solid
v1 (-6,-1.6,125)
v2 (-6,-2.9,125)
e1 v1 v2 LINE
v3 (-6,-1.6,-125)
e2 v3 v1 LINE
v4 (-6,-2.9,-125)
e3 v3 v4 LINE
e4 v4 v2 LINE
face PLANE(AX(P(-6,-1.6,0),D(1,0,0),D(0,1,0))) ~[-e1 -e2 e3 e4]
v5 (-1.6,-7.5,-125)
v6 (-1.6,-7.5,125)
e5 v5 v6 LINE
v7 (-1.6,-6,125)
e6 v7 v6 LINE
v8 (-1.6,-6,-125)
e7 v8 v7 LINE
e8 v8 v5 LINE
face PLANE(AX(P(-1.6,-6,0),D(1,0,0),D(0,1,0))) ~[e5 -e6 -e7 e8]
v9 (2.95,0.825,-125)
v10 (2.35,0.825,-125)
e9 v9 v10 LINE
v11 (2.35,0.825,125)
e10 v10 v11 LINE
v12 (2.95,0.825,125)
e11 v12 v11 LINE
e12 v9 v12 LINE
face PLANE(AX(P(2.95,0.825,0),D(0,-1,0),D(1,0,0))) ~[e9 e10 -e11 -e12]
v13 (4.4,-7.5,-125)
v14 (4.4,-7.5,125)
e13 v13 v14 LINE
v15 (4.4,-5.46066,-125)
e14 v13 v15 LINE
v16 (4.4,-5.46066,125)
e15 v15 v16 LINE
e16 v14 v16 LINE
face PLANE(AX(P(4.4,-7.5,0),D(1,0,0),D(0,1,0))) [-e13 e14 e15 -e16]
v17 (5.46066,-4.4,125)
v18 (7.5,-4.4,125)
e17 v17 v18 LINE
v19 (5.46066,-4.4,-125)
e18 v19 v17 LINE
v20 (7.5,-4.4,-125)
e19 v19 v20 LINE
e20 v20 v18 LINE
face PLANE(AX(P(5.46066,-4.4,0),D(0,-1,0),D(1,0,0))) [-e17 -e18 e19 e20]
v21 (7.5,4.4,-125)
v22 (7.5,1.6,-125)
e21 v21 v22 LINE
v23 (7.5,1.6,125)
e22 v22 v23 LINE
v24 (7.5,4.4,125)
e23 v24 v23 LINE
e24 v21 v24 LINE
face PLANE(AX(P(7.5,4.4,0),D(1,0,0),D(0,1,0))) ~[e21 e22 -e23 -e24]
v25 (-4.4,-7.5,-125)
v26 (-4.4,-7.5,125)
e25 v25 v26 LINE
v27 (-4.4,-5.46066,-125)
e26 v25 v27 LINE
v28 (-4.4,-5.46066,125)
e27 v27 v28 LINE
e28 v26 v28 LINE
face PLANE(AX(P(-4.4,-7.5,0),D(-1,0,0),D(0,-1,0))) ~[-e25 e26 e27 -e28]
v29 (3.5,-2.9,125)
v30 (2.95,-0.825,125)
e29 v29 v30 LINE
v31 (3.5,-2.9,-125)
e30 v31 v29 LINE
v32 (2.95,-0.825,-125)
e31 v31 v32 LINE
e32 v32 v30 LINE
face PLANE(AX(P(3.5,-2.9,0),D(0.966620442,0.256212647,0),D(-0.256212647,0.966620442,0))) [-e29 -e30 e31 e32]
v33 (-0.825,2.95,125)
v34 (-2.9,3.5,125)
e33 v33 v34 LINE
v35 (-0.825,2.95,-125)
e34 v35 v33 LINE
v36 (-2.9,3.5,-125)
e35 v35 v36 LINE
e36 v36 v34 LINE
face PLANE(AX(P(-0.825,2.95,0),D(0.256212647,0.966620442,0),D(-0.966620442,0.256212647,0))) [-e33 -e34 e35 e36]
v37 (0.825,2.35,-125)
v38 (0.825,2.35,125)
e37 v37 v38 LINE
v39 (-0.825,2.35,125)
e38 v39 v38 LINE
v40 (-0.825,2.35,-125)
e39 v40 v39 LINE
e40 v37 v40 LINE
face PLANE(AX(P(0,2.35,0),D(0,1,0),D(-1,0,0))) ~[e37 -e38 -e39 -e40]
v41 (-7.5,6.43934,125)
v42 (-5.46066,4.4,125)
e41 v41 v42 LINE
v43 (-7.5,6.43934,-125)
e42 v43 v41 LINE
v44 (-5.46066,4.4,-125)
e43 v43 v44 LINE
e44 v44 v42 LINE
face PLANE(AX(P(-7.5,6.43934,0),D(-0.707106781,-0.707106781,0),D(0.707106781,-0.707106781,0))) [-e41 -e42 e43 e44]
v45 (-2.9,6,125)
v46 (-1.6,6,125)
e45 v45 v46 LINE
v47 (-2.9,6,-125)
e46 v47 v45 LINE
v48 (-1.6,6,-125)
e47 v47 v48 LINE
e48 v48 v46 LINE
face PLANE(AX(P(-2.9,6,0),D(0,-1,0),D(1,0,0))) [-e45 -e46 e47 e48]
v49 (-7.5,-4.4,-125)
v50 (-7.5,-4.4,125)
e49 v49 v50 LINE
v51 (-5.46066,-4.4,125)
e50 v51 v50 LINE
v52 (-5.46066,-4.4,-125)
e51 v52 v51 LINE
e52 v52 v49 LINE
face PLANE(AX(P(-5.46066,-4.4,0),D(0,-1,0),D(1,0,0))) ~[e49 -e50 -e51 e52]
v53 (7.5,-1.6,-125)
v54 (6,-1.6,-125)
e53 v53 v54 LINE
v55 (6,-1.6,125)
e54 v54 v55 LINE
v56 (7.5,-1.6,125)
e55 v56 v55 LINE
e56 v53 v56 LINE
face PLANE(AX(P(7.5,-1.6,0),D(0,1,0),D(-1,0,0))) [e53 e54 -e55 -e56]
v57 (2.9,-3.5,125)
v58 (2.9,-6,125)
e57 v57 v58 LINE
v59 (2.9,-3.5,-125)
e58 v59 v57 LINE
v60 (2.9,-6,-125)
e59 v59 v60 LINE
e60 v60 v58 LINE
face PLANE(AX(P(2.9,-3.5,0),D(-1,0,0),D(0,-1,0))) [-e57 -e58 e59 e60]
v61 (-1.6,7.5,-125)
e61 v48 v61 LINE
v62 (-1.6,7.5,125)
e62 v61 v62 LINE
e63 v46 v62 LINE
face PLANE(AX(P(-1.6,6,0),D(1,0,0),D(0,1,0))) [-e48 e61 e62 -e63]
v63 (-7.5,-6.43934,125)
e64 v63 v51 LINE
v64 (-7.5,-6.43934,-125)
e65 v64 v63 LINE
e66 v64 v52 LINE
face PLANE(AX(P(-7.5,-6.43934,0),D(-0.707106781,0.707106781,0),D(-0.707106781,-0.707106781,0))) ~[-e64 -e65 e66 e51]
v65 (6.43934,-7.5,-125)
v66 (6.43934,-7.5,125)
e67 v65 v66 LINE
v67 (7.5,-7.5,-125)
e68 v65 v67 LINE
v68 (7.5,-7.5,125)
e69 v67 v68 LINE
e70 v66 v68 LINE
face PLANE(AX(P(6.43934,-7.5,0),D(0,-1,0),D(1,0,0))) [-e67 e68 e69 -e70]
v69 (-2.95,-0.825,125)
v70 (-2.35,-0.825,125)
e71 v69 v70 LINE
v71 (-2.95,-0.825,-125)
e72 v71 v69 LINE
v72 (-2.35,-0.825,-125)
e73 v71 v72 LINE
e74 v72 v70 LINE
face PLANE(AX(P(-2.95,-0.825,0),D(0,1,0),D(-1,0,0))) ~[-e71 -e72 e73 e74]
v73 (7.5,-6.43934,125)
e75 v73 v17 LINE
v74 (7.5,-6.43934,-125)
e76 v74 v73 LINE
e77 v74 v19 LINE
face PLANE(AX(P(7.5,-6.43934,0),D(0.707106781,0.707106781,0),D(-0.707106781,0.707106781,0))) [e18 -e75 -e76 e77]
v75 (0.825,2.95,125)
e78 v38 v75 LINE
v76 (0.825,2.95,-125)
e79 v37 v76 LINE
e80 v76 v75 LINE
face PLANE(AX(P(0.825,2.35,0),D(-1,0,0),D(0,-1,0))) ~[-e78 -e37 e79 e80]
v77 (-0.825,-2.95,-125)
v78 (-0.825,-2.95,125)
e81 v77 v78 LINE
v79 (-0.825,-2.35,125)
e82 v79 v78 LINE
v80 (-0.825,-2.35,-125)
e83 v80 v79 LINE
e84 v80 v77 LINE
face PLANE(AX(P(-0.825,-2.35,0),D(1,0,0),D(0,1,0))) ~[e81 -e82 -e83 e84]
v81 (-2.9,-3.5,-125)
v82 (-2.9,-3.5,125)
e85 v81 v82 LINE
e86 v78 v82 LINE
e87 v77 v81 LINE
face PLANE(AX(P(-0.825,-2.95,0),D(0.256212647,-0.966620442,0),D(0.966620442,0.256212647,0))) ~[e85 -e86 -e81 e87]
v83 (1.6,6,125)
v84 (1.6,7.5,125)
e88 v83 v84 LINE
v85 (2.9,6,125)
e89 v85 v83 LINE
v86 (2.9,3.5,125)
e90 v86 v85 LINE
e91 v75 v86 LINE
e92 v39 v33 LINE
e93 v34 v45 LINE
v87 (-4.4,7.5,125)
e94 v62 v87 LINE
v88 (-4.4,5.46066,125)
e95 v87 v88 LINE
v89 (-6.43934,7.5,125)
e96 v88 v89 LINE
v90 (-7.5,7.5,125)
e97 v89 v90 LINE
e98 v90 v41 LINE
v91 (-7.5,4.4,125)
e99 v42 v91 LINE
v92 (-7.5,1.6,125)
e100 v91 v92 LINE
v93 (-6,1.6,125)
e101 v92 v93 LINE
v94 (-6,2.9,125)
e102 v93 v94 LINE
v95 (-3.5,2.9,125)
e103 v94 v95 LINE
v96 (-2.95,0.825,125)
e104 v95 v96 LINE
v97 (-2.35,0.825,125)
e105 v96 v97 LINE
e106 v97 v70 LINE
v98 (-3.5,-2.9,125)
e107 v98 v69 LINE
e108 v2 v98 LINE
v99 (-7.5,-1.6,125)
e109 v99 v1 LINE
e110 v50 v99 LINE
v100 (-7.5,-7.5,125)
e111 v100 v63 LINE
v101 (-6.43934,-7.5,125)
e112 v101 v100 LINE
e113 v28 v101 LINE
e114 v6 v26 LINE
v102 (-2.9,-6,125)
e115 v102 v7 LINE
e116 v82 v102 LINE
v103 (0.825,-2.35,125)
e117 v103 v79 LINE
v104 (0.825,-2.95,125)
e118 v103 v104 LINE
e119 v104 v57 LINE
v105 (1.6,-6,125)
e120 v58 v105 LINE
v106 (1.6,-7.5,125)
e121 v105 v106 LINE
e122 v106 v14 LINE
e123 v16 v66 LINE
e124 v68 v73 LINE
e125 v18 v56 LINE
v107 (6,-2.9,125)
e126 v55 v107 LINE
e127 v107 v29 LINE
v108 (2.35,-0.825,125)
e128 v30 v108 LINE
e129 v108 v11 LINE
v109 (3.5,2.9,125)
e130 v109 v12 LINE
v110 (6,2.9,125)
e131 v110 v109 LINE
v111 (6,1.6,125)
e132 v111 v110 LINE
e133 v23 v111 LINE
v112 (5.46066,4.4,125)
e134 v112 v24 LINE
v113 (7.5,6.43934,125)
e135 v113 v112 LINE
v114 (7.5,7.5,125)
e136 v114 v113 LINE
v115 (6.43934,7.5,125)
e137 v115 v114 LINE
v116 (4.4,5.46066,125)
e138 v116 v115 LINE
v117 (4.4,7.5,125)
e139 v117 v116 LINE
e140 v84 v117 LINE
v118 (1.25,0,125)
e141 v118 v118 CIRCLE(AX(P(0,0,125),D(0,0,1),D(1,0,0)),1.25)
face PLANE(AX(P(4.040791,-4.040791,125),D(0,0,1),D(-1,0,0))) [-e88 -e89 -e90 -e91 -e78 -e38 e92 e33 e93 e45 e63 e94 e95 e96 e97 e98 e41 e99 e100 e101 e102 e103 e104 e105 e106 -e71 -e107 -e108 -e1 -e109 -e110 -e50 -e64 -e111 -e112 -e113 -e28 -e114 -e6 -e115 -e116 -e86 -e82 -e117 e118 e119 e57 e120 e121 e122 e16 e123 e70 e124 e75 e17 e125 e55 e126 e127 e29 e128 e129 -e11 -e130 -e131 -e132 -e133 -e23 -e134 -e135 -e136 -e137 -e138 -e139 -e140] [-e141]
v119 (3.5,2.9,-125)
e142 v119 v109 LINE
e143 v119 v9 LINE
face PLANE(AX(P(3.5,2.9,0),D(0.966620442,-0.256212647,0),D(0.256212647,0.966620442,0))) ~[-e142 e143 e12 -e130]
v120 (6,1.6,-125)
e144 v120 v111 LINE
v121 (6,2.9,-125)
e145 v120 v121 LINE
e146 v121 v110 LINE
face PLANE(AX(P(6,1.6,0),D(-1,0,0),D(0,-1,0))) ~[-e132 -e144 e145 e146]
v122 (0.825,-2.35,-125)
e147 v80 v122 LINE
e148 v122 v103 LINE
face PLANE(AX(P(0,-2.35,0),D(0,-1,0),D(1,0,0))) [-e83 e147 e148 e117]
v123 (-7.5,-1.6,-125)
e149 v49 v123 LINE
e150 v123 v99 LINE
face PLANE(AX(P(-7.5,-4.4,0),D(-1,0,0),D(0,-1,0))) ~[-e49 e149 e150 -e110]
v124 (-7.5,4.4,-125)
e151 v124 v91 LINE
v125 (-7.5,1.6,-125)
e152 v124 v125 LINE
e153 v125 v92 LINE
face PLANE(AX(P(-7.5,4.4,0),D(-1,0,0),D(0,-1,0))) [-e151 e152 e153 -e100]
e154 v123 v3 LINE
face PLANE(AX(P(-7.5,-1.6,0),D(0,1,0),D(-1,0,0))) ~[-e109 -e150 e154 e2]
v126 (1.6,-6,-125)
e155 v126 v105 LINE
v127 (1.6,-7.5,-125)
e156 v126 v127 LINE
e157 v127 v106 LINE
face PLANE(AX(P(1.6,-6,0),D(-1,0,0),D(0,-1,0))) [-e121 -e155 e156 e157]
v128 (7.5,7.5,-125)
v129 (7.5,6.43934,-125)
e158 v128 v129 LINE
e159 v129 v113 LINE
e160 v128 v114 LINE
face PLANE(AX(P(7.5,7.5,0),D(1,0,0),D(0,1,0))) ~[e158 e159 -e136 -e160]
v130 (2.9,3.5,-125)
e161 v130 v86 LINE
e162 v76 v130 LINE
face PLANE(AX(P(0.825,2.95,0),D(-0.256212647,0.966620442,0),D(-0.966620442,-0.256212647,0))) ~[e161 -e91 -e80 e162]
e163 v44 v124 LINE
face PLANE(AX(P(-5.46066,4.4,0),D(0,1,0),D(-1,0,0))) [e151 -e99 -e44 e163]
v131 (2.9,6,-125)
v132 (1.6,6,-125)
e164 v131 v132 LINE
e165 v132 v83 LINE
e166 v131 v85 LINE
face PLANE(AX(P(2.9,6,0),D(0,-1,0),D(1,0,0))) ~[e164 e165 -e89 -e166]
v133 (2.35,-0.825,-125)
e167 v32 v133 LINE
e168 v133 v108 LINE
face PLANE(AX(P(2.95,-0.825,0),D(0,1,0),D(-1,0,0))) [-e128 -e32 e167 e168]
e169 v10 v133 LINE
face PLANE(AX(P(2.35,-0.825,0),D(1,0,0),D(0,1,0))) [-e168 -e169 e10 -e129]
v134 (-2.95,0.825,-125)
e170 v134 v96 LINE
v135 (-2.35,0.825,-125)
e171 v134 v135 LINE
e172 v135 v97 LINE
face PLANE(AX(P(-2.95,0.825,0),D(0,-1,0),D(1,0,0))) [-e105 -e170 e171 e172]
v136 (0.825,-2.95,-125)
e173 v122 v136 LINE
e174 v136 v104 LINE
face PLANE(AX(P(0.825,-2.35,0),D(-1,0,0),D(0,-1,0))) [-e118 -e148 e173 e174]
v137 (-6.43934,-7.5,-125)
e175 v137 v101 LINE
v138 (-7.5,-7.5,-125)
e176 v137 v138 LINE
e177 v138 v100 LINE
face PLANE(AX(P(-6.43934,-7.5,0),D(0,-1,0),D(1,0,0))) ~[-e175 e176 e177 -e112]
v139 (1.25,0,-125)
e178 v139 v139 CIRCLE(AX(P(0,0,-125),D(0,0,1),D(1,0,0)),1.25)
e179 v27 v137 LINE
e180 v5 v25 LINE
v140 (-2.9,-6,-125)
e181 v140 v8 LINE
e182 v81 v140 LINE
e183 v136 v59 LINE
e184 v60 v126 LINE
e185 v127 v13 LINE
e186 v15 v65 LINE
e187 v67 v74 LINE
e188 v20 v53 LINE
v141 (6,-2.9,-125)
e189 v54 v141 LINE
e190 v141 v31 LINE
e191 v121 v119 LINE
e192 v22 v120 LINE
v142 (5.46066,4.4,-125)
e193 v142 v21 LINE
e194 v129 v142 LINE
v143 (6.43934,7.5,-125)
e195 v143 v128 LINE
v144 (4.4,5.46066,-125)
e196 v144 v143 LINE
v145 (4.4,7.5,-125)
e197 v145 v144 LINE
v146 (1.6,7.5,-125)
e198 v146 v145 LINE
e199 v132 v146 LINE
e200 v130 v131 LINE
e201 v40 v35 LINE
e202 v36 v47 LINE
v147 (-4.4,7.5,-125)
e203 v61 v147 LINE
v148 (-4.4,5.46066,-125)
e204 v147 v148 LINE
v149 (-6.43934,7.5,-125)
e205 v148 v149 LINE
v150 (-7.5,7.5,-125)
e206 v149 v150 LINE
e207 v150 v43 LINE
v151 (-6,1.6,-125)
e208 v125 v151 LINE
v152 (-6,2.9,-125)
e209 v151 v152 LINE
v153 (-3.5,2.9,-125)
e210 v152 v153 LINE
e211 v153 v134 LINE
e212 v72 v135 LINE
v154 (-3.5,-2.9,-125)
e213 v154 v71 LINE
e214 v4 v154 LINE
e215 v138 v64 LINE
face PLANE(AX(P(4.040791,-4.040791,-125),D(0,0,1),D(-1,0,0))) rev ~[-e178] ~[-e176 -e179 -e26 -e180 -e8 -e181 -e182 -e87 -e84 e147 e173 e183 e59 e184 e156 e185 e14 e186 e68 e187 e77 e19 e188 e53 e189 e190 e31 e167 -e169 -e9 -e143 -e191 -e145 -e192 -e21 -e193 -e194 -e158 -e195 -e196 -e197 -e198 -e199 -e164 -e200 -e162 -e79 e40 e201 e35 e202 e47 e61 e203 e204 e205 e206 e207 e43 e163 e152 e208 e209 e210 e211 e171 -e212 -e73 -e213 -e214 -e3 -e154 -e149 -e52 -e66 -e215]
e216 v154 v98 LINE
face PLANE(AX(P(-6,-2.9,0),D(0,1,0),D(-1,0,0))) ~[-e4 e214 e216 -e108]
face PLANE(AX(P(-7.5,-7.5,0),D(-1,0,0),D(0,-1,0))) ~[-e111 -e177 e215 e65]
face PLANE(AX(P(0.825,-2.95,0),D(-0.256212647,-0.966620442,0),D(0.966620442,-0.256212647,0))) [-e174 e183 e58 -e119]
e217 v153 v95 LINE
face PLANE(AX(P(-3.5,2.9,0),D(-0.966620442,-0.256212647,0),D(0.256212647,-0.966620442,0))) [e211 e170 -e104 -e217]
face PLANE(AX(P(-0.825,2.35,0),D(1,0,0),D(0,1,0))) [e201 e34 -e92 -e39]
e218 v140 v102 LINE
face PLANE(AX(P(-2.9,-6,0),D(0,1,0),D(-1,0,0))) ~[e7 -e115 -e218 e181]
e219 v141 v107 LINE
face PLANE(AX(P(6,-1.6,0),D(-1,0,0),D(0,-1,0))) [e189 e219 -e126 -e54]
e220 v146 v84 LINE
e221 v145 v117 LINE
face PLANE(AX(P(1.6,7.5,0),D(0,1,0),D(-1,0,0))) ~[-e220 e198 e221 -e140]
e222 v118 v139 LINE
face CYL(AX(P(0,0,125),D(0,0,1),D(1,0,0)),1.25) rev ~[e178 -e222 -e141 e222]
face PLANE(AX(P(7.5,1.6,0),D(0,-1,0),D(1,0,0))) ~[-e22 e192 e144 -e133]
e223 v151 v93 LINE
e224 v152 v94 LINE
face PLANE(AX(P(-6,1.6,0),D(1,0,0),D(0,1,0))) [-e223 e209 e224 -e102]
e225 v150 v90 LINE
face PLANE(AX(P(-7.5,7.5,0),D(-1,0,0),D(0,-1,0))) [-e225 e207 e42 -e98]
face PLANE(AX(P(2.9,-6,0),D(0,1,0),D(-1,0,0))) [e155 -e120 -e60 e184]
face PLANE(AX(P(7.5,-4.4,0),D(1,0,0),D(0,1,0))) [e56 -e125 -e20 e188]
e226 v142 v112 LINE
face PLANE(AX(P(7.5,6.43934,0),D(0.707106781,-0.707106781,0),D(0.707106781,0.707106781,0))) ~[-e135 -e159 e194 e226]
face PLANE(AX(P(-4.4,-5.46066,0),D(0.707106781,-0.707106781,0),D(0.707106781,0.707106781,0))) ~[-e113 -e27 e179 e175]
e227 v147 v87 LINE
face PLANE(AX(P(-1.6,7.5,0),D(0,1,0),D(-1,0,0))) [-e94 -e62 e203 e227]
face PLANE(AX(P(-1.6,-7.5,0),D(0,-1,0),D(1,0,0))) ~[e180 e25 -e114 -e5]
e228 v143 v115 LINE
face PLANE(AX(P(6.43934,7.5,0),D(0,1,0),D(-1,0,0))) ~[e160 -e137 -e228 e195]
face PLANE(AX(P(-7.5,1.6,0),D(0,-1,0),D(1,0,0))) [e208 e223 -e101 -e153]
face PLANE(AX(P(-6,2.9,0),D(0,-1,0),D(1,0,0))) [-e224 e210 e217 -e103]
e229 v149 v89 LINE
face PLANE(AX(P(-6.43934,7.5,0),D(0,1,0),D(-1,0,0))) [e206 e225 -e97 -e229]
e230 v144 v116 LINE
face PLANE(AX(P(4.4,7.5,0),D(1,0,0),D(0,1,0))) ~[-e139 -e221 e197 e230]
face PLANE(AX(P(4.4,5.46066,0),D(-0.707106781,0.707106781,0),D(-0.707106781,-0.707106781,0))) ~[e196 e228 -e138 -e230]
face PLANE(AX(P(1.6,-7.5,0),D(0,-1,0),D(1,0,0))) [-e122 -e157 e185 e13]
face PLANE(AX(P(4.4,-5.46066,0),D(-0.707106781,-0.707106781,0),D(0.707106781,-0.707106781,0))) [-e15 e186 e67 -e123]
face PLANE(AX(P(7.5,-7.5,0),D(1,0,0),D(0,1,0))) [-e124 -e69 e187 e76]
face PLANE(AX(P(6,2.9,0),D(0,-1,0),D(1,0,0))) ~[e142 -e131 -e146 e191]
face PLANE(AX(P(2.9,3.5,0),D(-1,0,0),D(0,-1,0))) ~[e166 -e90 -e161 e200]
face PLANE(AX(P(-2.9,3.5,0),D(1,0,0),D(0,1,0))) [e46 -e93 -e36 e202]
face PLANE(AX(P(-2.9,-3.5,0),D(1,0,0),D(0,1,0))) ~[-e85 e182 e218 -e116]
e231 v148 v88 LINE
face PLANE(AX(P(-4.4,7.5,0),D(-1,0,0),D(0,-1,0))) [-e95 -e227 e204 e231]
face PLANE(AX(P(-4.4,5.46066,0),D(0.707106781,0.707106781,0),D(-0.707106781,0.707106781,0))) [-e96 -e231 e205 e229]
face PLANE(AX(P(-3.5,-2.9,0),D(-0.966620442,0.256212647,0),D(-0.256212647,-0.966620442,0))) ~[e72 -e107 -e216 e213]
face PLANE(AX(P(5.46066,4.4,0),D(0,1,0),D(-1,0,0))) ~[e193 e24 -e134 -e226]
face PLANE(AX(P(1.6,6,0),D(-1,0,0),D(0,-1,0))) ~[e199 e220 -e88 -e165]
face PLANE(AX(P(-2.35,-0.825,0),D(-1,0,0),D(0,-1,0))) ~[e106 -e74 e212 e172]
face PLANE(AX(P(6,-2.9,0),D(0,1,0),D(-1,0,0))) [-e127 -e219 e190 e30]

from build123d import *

# Parameters (mm, degrees)
RESSALTO_EXTRUS_O1_DEPTH   = 125
ESPELHAR2_COPY_1_DEPTH     = 125
ESBO_O2_R                  = 1.25
CORTE_EXTRUS_O1_DEPTH      = 1
CORTE_EXTRUS_O1_DEPTH_BACK = 251


with BuildPart() as part:
    # Esboço1 → Ressalto-extrusão1 (new body, symmetric)
    with BuildSketch(Plane.XY):
        Polygon((0, 2.35), (-0.825, 2.35), (-0.825, 2.95), (-2.9, 3.5), (-2.9, 6), (-1.6, 6), (-1.6, 7.5), (-4.4, 7.5), (-4.4, 5.460660172), (-6.439339828, 7.5), (-7.5, 7.5), (-7.5, 6.439339828), (-5.460660172, 4.4), (-7.5, 4.4), (-7.5, 1.6), (-6, 1.6), (-6, 2.9), (-3.5, 2.9), (-2.95, 0.825), (-2.35, 0.825), (-2.35, 0), (0, 0), align=None)
    ressalto_extrus_o1 = extrude(amount=RESSALTO_EXTRUS_O1_DEPTH, both=True)

    # Espelhar1: Ressalto-extrusão1 across plane
    add(ressalto_extrus_o1.mirror(Plane.ZX))

    # Espelhar2: Ressalto-extrusão1 across plane
    add(ressalto_extrus_o1.mirror(Plane(origin=(0, 0, 0), x_dir=(0, 0, 1), z_dir=(1, 0, 0))))

    # Espelhar2 copy 1 sketch → Espelhar2 copy 1 (add, symmetric)
    with BuildSketch(Plane(origin=(0, 0, 0), x_dir=(-1, 0, 0), z_dir=(0, 0, 1))):
        Polygon((0, 2.35), (-0.825, 2.35), (-0.825, 2.95), (-2.9, 3.5), (-2.9, 6), (-1.6, 6), (-1.6, 7.5), (-4.4, 7.5), (-4.4, 5.460660172), (-6.439339828, 7.5), (-7.5, 7.5), (-7.5, 6.439339828), (-5.460660172, 4.4), (-7.5, 4.4), (-7.5, 1.6), (-6, 1.6), (-6, 2.9), (-3.5, 2.9), (-2.95, 0.825), (-2.35, 0.825), (-2.35, 0), (0, 0), align=None)
    extrude(amount=ESPELHAR2_COPY_1_DEPTH, both=True)

    # Esboço2 → Corte-extrusão1 (cut, two sides)
    with BuildSketch(Plane.XY.offset(125)) as corte_extrus_o1_sk:
        Circle(ESBO_O2_R)
    extrude(amount=CORTE_EXTRUS_O1_DEPTH, mode=Mode.SUBTRACT)
    extrude(corte_extrus_o1_sk.sketch, amount=-CORTE_EXTRUS_O1_DEPTH_BACK, mode=Mode.SUBTRACT)


solid = part.part
